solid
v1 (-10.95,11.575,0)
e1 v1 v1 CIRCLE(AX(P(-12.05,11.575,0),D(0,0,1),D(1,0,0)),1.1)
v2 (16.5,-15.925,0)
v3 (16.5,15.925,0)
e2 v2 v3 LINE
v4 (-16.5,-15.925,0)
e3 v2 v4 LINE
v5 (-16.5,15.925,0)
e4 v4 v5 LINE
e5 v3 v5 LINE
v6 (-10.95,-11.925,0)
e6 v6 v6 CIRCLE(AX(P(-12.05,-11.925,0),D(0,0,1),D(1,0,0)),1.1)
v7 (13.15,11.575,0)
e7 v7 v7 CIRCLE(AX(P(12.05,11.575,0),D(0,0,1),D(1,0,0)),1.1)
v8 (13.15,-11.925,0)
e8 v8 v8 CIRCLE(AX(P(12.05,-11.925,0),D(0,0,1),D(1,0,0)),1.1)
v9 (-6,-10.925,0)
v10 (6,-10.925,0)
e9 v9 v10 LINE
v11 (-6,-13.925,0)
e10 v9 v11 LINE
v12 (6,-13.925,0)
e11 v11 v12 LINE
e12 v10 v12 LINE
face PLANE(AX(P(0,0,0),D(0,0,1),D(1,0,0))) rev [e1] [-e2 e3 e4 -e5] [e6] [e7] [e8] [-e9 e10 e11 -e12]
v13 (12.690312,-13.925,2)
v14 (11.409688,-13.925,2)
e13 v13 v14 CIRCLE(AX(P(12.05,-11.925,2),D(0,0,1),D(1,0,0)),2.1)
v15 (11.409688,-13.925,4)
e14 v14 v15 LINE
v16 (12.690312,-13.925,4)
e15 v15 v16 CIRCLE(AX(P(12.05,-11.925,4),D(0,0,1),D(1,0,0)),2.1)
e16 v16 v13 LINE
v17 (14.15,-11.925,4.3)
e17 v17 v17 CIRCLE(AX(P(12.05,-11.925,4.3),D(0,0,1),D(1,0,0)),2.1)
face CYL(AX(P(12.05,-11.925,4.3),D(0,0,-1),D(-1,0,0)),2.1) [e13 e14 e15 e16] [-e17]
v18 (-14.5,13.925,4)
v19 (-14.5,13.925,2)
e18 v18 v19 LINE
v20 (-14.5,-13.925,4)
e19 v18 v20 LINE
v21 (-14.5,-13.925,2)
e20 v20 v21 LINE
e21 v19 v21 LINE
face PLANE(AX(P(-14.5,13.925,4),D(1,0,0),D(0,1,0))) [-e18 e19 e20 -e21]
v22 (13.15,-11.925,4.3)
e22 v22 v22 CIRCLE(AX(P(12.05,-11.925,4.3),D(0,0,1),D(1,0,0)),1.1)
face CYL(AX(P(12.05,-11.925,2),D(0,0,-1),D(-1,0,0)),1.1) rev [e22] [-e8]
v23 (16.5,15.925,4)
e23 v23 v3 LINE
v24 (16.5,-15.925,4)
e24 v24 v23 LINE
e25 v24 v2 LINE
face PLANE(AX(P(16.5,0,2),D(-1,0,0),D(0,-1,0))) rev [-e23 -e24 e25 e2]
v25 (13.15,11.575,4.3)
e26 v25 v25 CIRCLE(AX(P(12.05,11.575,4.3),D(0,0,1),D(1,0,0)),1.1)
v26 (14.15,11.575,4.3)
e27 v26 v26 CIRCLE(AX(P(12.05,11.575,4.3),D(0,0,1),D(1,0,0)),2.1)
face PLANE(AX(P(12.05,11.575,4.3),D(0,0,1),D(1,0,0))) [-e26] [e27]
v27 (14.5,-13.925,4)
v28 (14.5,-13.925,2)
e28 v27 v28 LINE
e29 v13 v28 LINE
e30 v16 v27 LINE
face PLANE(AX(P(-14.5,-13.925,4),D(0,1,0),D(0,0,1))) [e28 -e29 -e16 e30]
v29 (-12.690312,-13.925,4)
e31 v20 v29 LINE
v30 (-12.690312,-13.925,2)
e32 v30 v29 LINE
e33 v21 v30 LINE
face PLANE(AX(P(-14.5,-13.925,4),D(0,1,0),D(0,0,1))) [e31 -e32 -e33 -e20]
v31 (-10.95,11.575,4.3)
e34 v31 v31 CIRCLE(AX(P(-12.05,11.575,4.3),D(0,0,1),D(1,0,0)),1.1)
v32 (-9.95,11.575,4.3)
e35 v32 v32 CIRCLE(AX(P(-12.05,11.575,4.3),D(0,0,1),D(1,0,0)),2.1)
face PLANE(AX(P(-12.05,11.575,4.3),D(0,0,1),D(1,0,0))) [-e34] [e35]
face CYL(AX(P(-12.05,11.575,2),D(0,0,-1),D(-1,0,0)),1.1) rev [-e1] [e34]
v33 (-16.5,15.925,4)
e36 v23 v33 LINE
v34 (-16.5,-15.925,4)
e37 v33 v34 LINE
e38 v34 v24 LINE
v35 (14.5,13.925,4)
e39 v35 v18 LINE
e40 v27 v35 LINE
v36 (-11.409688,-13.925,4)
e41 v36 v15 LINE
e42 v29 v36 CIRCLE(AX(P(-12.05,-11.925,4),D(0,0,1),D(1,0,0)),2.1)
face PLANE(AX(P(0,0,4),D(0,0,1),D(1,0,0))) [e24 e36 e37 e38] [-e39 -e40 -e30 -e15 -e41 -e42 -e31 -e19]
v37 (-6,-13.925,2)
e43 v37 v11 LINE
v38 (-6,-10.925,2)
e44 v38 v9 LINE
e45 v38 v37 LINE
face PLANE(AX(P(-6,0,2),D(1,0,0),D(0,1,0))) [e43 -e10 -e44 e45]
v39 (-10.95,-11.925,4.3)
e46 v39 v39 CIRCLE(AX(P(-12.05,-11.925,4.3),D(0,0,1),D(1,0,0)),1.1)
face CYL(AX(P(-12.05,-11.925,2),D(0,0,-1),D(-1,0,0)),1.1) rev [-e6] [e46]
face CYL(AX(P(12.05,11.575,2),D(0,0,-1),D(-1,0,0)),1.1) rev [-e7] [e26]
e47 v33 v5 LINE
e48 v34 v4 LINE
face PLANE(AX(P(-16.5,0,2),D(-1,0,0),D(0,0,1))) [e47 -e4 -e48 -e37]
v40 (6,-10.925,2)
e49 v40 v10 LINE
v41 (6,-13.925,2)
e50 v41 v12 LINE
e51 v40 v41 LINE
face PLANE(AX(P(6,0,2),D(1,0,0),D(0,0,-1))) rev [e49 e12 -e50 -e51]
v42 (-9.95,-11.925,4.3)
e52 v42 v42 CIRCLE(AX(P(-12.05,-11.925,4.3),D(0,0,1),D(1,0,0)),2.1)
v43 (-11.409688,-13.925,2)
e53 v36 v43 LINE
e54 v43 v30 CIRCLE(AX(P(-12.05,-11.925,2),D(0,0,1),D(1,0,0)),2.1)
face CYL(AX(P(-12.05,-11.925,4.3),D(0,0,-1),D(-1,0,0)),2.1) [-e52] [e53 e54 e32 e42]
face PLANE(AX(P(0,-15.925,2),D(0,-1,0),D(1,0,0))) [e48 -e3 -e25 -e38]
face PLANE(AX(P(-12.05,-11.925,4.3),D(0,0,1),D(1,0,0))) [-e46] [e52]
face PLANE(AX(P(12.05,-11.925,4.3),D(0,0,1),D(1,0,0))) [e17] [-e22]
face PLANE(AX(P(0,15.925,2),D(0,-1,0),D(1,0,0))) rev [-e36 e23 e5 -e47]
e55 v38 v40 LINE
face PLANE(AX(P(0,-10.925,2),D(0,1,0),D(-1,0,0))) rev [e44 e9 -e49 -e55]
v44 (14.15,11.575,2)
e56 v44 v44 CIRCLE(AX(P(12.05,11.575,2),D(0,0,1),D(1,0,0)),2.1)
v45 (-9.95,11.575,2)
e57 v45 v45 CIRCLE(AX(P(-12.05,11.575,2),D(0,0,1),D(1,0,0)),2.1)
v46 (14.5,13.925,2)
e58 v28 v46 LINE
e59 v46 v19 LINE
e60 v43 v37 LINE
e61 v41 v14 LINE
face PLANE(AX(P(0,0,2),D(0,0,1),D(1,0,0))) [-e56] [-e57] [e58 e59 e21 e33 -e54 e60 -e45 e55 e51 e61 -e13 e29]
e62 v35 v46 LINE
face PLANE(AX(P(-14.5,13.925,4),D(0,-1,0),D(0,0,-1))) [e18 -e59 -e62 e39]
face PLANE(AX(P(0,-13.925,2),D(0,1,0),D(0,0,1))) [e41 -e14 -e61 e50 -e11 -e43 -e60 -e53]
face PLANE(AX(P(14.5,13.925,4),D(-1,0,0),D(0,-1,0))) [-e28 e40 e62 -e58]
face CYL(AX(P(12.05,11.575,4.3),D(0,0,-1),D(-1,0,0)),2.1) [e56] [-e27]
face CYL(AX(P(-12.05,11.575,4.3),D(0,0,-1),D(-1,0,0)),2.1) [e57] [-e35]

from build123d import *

# Parameters (mm, degrees)
SKETCH1_W           = 33
SKETCH1_H           = 31.85
SKETCH1_R           = 1.1
SKETCH1_W_2         = 12
SKETCH1_H_2         = 3
BOSS_EXTRUDE1_DEPTH = 2
SKETCH2_R           = 2.1
SKETCH2_R_2         = 1.1
BOSS_EXTRUDE2_DEPTH = 2.3
SKETCH3_W           = 33
SKETCH3_H           = 31.85
SKETCH3_W_2         = 29
SKETCH3_H_2         = 27.85
BOSS_EXTRUDE3_DEPTH = 2


with BuildPart() as part:
    # Sketch1 → Boss-Extrude1 (new body)
    with BuildSketch(Plane.XY):
        Rectangle(SKETCH1_W, SKETCH1_H)
        with Locations((-12.05, 11.575)):
            Circle(SKETCH1_R, mode=Mode.SUBTRACT)
        with Locations((12.05, 11.575)):
            Circle(SKETCH1_R, mode=Mode.SUBTRACT)
        with Locations((-12.05, -11.925)):
            Circle(SKETCH1_R, mode=Mode.SUBTRACT)
        with Locations((12.05, -11.925)):
            Circle(SKETCH1_R, mode=Mode.SUBTRACT)
        with Locations((0, -12.425)):
            Rectangle(SKETCH1_W_2, SKETCH1_H_2, mode=Mode.SUBTRACT)
    extrude(amount=BOSS_EXTRUDE1_DEPTH)

    # Sketch2 → Boss-Extrude2 (add)
    # profile 1 of 4: a face of its own
    with BuildSketch(Plane.XY.offset(2)):
        with Locations((-12.05, 11.575)):
            Circle(SKETCH2_R)
        with Locations((-12.05, 11.575)):
            Circle(SKETCH2_R_2, mode=Mode.SUBTRACT)
    # profile 2 of 4: a face of its own
    with BuildSketch(Plane.XY.offset(2)):
        with Locations((-12.05, -11.925)):
            Circle(SKETCH2_R)
        with Locations((-12.05, -11.925)):
            Circle(SKETCH2_R_2, mode=Mode.SUBTRACT)
    # profile 3 of 4: a face of its own
    with BuildSketch(Plane.XY.offset(2)):
        with Locations((12.05, -11.925)):
            Circle(SKETCH2_R)
        with Locations((12.05, -11.925)):
            Circle(SKETCH2_R_2, mode=Mode.SUBTRACT)
    # profile 4 of 4: a face of its own
    with BuildSketch(Plane.XY.offset(2)):
        with Locations((12.05, 11.575)):
            Circle(SKETCH2_R)
        with Locations((12.05, 11.575)):
            Circle(SKETCH2_R_2, mode=Mode.SUBTRACT)
    extrude(amount=BOSS_EXTRUDE2_DEPTH)

    # Sketch3 → Boss-Extrude3 (add)
    with BuildSketch(Plane.XY.offset(2)):
        Rectangle(SKETCH3_W, SKETCH3_H)
        Rectangle(SKETCH3_W_2, SKETCH3_H_2, mode=Mode.SUBTRACT)
    extrude(amount=BOSS_EXTRUDE3_DEPTH)


solid = part.part
